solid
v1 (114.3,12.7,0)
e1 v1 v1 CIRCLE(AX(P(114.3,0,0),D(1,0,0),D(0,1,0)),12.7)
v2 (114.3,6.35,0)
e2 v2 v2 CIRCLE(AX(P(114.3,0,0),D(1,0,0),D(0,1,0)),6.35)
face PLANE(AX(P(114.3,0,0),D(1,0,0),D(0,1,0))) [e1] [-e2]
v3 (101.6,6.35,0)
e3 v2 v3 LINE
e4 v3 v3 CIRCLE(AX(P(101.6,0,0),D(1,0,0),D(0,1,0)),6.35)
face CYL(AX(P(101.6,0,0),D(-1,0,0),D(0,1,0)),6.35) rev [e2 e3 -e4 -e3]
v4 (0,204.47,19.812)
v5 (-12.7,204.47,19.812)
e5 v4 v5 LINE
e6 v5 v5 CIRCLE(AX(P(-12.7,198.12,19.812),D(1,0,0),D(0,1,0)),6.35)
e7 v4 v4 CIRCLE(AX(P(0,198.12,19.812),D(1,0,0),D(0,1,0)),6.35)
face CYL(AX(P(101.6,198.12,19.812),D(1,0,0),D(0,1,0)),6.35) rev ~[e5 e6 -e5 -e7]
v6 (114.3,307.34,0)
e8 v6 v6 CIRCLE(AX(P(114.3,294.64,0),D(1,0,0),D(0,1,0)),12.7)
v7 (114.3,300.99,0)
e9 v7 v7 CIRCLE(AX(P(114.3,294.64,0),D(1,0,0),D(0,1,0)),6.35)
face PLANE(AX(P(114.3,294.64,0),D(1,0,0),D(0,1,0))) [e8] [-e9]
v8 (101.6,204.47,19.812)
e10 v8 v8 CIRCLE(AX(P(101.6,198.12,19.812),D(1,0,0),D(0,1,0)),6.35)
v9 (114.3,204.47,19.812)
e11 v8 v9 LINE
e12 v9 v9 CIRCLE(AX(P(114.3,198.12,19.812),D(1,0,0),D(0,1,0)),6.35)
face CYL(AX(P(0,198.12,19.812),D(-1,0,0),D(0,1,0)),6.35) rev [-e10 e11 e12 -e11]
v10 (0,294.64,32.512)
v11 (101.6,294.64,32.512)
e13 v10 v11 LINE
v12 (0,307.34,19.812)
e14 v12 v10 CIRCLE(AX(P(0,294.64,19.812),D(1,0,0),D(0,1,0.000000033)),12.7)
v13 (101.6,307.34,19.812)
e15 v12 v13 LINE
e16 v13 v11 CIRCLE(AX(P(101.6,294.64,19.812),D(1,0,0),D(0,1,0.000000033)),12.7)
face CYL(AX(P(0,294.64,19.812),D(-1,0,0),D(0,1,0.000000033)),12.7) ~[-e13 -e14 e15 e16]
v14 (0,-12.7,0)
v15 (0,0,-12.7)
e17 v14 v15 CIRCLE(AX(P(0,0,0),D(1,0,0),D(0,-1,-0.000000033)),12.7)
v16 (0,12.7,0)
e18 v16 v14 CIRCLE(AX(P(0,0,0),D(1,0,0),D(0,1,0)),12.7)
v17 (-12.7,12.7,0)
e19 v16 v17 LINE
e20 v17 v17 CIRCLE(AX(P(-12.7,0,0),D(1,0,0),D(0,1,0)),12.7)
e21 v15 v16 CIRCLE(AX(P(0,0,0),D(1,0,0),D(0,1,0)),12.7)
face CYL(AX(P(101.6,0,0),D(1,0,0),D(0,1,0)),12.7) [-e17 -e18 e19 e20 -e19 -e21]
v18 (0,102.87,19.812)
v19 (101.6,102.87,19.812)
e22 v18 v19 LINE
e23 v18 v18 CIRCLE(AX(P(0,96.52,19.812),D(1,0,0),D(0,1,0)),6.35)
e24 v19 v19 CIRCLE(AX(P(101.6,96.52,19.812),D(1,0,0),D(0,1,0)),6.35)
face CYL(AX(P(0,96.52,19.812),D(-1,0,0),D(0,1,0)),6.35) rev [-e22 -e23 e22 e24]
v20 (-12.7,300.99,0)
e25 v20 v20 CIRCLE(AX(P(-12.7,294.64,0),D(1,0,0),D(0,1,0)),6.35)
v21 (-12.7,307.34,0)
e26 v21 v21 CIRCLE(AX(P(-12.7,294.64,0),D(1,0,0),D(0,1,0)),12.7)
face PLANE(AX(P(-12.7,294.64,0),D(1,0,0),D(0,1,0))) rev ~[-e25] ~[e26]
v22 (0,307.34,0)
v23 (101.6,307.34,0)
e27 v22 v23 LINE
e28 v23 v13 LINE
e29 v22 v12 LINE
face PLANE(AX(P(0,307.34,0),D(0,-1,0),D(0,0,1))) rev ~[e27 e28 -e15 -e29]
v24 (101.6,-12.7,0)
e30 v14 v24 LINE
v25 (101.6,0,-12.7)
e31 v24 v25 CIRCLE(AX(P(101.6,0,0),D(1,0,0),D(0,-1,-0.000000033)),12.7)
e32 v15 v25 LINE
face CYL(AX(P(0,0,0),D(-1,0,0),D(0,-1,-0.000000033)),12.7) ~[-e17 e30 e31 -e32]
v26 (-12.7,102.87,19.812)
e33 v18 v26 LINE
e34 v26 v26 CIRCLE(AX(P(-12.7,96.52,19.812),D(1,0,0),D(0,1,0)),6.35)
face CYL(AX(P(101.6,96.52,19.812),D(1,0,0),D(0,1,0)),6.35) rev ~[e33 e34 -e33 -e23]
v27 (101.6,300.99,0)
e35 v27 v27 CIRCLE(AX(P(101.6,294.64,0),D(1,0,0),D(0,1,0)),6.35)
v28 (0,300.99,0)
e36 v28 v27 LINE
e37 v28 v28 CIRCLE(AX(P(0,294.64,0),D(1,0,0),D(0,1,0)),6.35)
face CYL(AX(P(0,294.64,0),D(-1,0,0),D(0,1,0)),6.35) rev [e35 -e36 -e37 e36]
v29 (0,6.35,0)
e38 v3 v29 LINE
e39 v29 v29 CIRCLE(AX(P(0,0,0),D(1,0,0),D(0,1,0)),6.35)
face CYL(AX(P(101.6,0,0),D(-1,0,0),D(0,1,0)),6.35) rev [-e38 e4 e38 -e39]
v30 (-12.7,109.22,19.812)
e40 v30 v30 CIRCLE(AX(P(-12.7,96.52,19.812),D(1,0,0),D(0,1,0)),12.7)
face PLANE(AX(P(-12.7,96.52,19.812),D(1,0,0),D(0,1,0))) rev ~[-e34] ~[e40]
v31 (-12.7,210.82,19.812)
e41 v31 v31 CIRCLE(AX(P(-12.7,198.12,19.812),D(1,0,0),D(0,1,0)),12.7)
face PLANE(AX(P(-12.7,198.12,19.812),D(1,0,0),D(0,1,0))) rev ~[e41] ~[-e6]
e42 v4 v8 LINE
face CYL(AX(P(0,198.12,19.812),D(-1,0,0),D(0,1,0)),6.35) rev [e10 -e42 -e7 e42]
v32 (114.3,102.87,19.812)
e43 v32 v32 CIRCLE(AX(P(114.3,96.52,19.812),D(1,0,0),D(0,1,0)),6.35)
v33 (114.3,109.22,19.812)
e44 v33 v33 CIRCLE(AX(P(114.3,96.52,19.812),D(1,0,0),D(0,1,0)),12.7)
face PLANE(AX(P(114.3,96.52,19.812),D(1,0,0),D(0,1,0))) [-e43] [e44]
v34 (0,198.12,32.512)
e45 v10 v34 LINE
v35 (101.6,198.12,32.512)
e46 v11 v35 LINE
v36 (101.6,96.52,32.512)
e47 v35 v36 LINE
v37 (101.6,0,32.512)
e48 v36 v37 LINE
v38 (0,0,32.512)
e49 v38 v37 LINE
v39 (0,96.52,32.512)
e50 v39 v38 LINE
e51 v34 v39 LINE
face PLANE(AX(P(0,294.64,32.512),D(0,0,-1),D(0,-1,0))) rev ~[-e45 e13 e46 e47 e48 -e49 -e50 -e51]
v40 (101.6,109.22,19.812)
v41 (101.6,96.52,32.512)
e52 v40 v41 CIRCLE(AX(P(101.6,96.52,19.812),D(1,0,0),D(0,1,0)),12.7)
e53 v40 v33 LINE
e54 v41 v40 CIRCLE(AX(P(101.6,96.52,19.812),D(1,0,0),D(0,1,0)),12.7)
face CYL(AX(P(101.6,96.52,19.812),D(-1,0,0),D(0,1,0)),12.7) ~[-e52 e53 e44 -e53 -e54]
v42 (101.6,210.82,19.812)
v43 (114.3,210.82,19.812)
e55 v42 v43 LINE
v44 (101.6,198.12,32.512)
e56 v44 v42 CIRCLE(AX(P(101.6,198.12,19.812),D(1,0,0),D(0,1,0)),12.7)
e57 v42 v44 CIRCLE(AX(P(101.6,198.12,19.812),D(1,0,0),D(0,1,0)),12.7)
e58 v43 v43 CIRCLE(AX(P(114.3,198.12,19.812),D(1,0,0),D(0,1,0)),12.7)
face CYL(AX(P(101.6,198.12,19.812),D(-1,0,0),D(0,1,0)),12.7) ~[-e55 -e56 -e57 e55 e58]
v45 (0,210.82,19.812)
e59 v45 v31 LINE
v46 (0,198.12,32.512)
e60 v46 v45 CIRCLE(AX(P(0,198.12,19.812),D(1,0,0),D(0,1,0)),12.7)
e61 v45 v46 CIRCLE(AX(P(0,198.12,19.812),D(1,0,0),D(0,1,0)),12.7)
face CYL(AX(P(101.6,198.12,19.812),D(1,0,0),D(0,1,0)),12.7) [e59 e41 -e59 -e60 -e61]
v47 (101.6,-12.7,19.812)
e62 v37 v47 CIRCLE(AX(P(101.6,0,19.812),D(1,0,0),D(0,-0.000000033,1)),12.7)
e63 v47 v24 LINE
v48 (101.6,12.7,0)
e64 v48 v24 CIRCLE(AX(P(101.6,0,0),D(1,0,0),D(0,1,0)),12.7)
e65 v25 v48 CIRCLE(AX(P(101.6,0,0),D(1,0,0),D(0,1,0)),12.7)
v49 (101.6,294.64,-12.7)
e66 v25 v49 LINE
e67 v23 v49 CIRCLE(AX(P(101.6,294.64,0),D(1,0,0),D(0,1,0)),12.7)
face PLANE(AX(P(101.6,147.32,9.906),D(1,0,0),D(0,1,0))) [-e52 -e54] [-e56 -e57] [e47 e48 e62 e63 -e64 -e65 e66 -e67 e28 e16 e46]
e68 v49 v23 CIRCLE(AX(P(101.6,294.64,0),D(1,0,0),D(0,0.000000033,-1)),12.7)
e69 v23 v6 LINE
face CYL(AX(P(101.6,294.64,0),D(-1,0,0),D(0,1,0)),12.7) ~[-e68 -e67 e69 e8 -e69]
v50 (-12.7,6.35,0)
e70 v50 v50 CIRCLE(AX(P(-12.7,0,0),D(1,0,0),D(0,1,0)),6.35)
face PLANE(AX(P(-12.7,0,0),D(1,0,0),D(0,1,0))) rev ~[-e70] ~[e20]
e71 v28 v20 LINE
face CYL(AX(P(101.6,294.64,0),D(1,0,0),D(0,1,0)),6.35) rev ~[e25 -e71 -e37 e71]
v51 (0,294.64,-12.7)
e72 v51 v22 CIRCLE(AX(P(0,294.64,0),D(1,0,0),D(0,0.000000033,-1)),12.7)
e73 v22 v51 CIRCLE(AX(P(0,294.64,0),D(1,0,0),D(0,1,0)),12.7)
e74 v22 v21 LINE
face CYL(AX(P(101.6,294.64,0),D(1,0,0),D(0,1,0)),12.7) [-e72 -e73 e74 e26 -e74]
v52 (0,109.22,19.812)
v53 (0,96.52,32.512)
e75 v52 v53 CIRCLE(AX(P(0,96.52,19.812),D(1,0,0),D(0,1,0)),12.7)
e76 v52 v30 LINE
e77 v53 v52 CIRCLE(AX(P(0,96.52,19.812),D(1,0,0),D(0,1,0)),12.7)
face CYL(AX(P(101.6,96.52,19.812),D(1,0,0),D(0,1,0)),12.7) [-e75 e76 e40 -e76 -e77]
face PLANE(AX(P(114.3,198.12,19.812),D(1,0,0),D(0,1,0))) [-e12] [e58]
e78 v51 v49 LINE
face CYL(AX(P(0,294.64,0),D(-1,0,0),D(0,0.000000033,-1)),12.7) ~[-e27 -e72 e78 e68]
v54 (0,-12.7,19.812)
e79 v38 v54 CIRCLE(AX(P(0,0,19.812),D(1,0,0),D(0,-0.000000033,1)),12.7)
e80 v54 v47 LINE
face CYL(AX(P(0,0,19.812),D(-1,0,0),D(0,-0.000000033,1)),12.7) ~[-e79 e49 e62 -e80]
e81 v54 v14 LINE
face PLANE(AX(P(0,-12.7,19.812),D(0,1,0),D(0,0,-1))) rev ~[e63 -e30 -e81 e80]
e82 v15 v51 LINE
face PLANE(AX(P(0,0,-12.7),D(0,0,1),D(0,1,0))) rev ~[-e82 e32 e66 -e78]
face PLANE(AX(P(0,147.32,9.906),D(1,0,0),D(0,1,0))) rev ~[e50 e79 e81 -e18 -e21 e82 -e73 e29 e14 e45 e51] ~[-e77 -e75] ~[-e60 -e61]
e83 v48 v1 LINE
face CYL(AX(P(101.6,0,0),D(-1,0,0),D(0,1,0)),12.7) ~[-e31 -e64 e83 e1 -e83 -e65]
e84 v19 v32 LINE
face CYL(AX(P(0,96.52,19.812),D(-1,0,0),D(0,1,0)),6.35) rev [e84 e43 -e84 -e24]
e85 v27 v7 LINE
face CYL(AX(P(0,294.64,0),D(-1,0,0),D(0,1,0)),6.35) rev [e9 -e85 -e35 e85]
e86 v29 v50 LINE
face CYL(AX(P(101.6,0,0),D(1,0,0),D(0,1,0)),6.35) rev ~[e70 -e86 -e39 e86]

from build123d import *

# Parameters (mm, degrees)
F0_R          = 6.35
F1_DEPTH      = 101.6
F2_R          = 12.7
F2_R_2        = 6.35
F3_DEPTH      = 12.7
F3_DEPTH_BACK = 114.3


with BuildPart() as f1:
    # F0 (on Right) → F1 (new body)
    with BuildSketch(Plane.YZ):
        with BuildLine():
            Line((147.32, 32.512), (0, 32.512))
            ThreePointArc((0, 32.512), (-8.980256, 28.792256), (-12.7, 19.812))
            Line((-12.7, 19.812), (-12.7, 0))
            ThreePointArc((-12.7, 0), (-8.980256, -8.980256), (0, -12.7))
            Line((0, -12.7), (147.32, -12.7))
            Line((147.32, -12.7), (294.64, -12.7))
            ThreePointArc((294.64, -12.7), (303.620256, -8.980256), (307.34, 0))
            Line((307.34, 0), (307.34, 19.812))
            ThreePointArc((307.34, 19.812), (303.620256, 28.792256), (294.64, 32.512))
            Line((294.64, 32.512), (147.32, 32.512))
        make_face()
        Circle(F0_R, mode=Mode.SUBTRACT)
        with Locations((294.64, 0)):
            Circle(F0_R, mode=Mode.SUBTRACT)
        with Locations((96.52, 19.812)):
            Circle(F0_R, mode=Mode.SUBTRACT)
        with Locations((198.12, 19.812)):
            Circle(F0_R, mode=Mode.SUBTRACT)
    extrude(amount=F1_DEPTH)

    # F2 (on face) → F3 (join, two sides)
    with BuildSketch(Plane.YZ.offset(101.6)) as f3_sk:
        Circle(F2_R)
        Circle(F2_R_2, mode=Mode.SUBTRACT)
        with Locations((96.52, 19.812)):
            Circle(F2_R)
        with Locations((96.52, 19.812)):
            Circle(F2_R_2, mode=Mode.SUBTRACT)
        with Locations((198.12, 19.812)):
            Circle(F2_R)
        with Locations((198.12, 19.812)):
            Circle(F2_R_2, mode=Mode.SUBTRACT)
        with Locations((294.64, 0)):
            Circle(F2_R)
        with Locations((294.64, 0)):
            Circle(F2_R_2, mode=Mode.SUBTRACT)
    extrude(amount=F3_DEPTH)
    extrude(f3_sk.sketch, amount=-F3_DEPTH_BACK)


solid = f1.part
